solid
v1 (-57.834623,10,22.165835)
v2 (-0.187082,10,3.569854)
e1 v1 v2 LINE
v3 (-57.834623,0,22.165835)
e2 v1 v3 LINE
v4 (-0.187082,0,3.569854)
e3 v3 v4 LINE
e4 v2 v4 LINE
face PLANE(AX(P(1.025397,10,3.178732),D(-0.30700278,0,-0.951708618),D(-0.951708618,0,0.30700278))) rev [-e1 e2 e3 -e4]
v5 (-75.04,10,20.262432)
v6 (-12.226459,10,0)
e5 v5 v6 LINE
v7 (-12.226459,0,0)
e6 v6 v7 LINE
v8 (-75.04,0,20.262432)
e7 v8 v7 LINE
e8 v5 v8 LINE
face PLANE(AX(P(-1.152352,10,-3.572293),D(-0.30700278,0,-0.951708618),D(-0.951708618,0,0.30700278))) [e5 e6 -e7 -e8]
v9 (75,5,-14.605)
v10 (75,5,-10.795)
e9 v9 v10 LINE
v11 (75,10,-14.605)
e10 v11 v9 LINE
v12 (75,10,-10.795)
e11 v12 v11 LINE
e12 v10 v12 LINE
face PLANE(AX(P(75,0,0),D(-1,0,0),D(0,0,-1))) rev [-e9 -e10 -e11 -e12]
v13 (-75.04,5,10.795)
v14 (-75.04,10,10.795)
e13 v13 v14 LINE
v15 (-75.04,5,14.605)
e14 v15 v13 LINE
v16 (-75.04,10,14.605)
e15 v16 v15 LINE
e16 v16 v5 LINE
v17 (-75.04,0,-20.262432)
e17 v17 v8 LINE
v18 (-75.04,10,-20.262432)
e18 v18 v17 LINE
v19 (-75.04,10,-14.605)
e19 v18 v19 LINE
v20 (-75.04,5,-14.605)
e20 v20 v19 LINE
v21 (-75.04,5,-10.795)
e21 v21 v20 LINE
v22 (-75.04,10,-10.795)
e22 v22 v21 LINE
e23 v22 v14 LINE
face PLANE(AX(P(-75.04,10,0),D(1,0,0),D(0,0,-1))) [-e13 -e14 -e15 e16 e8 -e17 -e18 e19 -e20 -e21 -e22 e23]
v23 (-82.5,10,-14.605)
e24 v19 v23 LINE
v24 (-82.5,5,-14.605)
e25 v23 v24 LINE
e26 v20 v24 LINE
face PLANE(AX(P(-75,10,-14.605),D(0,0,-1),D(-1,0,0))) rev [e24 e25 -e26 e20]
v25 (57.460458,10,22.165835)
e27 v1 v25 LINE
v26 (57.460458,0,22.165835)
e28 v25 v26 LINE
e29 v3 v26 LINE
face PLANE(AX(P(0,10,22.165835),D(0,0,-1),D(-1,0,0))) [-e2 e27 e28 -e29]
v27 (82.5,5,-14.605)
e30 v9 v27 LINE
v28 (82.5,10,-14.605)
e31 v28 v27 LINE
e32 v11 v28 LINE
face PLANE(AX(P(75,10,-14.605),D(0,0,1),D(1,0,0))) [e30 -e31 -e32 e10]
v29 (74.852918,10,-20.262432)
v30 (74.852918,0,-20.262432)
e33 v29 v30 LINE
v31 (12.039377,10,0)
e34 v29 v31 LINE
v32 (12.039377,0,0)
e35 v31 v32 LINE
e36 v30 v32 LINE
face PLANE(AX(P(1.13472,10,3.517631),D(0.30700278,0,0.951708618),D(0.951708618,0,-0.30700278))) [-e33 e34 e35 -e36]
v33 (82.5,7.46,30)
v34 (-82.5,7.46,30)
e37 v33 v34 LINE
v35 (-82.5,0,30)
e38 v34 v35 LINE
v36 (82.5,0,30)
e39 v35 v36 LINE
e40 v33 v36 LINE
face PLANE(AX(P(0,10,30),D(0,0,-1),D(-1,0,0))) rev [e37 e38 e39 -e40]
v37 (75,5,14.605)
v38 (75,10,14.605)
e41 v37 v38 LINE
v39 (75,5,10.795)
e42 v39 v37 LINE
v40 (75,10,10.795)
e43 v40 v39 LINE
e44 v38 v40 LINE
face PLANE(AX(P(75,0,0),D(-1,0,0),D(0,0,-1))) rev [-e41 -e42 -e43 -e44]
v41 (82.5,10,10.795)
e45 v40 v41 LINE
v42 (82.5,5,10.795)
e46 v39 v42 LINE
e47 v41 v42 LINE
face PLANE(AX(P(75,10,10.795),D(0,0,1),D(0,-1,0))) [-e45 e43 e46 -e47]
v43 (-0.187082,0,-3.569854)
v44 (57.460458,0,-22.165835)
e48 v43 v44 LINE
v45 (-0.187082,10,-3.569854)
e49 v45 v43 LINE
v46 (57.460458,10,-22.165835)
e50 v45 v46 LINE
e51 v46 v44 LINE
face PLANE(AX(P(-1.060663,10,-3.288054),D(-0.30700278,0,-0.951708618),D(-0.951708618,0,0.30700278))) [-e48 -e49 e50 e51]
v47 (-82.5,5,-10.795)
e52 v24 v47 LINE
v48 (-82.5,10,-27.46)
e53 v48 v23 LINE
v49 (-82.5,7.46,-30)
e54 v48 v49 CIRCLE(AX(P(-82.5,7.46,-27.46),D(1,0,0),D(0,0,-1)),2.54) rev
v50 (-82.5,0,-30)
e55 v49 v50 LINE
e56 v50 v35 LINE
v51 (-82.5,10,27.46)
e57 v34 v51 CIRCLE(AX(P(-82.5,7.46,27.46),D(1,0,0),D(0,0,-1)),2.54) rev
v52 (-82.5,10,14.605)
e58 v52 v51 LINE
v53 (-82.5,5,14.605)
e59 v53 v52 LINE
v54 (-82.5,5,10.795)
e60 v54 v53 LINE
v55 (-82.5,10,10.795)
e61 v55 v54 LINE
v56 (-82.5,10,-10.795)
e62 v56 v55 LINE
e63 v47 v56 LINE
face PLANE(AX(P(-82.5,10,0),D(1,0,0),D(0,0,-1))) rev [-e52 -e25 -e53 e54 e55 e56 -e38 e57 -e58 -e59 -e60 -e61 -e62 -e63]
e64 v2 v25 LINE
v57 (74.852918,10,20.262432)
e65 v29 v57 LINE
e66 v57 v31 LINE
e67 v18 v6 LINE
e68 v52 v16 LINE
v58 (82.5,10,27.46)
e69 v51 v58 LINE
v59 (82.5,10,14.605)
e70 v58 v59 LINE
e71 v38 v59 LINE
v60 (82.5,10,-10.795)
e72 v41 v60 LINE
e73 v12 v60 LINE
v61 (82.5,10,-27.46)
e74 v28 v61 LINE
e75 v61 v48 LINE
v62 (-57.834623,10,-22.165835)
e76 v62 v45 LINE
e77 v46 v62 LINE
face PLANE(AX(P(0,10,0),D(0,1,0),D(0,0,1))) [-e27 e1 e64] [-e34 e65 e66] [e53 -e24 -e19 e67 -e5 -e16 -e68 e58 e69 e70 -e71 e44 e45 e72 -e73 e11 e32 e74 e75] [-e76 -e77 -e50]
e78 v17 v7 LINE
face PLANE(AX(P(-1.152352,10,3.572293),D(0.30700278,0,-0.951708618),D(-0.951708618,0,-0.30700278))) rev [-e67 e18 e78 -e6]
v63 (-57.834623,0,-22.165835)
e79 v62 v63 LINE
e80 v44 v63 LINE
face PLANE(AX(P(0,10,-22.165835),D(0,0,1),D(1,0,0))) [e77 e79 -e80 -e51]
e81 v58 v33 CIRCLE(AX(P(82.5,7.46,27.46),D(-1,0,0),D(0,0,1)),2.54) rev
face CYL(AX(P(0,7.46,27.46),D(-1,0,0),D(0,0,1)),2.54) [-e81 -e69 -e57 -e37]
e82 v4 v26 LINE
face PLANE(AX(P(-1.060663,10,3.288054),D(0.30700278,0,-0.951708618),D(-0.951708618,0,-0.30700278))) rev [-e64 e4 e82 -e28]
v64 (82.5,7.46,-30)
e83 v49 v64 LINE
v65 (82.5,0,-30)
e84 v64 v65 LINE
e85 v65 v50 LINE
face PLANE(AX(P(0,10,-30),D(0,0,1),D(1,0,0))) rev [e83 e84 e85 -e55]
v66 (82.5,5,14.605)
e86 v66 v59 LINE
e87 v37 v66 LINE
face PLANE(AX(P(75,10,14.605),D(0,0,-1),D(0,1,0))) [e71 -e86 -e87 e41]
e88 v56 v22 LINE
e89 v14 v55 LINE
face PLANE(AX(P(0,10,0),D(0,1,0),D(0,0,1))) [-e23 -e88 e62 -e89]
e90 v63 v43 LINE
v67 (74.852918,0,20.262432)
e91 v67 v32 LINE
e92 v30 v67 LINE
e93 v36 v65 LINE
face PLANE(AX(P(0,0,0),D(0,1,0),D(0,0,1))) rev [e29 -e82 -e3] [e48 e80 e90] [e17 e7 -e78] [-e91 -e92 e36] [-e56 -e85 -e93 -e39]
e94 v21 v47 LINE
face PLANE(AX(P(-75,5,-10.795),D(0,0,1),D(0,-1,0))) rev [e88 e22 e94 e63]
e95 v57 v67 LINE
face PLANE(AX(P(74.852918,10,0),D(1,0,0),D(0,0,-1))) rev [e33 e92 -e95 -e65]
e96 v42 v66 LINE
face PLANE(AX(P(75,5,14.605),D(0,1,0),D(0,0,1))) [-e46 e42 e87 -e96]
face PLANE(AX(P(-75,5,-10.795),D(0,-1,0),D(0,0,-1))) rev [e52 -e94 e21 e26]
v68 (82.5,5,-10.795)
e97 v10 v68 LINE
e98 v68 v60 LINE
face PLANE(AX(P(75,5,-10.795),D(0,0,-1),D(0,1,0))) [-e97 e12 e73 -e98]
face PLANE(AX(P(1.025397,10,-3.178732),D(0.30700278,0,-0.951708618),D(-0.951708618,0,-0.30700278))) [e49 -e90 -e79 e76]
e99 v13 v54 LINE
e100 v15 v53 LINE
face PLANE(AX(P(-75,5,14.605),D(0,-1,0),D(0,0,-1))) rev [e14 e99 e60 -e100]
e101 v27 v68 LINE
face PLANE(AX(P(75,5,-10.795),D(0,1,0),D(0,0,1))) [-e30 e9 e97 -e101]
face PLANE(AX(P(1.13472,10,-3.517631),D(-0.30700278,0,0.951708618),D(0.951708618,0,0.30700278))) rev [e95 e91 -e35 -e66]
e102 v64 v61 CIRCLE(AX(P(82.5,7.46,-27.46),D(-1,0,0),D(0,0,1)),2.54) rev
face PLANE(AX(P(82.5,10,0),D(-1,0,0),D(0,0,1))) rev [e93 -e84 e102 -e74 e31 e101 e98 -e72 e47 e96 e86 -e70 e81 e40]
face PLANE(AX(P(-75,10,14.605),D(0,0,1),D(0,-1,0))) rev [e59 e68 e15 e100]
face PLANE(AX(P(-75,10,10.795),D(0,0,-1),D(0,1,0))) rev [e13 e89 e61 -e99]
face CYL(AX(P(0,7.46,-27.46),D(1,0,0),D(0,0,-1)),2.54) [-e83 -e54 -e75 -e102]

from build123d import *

# Parameters (mm, degrees)
SKETCH1_W           = 165
SKETCH1_H           = 60
BOSS_EXTRUDE1_DEPTH = 10
SKETCH2_W           = 3.81
SKETCH2_H           = 5
CUT_EXTRUDE1_DEPTH  = 7.5
FILLET1_R           = 2.54


with BuildPart() as part:
    # Sketch1 → Boss-Extrude1 (new body)
    with BuildSketch(Plane(origin=(0, 0, 0), x_dir=(1, 0, 0), z_dir=(0, 1, 0))):
        Rectangle(SKETCH1_W, SKETCH1_H)
        Polygon((-75.04, 20.262432489), (-75.04, -20.262432489), (-12.226459283, 0), align=None, mode=Mode.SUBTRACT)
        Polygon((57.460458264, 22.165834991), (-57.834623171, 22.165834991), (-0.187082453, 3.569854115), align=None, mode=Mode.SUBTRACT)
        Polygon((74.852917547, 20.262432489), (74.852917547, -20.262432489), (12.039376829, 0), align=None, mode=Mode.SUBTRACT)
        Polygon((-57.834623171, -22.165834991), (-0.187082453, -3.569854115), (57.460458264, -22.165834991), align=None, mode=Mode.SUBTRACT)
    extrude(amount=BOSS_EXTRUDE1_DEPTH)

    # Sketch2 → Cut-Extrude1 (cut)
    with BuildSketch(Plane.ZY.offset(82.5)):
        with Locations((-12.7, 7.5)):
            Rectangle(SKETCH2_W, SKETCH2_H)
        with Locations((12.7, 7.5)):
            Rectangle(SKETCH2_W, SKETCH2_H)
    cut_extrude1 = extrude(amount=-CUT_EXTRUDE1_DEPTH, mode=Mode.SUBTRACT)

    # Mirror1: Cut-Extrude1 across plane
    add(cut_extrude1.mirror(Plane(origin=(0, 0, 0), x_dir=(0, 0, 1), z_dir=(1, 0, 0))), mode=Mode.SUBTRACT)

    # Fillet1
    fillet1_edges = [part.edges().sort_by_distance(p)[0] for p in [
        (0, 10, -30),
        (0, 10, 30),
    ]]
    fillet(fillet1_edges, radius=FILLET1_R)


solid = part.part
